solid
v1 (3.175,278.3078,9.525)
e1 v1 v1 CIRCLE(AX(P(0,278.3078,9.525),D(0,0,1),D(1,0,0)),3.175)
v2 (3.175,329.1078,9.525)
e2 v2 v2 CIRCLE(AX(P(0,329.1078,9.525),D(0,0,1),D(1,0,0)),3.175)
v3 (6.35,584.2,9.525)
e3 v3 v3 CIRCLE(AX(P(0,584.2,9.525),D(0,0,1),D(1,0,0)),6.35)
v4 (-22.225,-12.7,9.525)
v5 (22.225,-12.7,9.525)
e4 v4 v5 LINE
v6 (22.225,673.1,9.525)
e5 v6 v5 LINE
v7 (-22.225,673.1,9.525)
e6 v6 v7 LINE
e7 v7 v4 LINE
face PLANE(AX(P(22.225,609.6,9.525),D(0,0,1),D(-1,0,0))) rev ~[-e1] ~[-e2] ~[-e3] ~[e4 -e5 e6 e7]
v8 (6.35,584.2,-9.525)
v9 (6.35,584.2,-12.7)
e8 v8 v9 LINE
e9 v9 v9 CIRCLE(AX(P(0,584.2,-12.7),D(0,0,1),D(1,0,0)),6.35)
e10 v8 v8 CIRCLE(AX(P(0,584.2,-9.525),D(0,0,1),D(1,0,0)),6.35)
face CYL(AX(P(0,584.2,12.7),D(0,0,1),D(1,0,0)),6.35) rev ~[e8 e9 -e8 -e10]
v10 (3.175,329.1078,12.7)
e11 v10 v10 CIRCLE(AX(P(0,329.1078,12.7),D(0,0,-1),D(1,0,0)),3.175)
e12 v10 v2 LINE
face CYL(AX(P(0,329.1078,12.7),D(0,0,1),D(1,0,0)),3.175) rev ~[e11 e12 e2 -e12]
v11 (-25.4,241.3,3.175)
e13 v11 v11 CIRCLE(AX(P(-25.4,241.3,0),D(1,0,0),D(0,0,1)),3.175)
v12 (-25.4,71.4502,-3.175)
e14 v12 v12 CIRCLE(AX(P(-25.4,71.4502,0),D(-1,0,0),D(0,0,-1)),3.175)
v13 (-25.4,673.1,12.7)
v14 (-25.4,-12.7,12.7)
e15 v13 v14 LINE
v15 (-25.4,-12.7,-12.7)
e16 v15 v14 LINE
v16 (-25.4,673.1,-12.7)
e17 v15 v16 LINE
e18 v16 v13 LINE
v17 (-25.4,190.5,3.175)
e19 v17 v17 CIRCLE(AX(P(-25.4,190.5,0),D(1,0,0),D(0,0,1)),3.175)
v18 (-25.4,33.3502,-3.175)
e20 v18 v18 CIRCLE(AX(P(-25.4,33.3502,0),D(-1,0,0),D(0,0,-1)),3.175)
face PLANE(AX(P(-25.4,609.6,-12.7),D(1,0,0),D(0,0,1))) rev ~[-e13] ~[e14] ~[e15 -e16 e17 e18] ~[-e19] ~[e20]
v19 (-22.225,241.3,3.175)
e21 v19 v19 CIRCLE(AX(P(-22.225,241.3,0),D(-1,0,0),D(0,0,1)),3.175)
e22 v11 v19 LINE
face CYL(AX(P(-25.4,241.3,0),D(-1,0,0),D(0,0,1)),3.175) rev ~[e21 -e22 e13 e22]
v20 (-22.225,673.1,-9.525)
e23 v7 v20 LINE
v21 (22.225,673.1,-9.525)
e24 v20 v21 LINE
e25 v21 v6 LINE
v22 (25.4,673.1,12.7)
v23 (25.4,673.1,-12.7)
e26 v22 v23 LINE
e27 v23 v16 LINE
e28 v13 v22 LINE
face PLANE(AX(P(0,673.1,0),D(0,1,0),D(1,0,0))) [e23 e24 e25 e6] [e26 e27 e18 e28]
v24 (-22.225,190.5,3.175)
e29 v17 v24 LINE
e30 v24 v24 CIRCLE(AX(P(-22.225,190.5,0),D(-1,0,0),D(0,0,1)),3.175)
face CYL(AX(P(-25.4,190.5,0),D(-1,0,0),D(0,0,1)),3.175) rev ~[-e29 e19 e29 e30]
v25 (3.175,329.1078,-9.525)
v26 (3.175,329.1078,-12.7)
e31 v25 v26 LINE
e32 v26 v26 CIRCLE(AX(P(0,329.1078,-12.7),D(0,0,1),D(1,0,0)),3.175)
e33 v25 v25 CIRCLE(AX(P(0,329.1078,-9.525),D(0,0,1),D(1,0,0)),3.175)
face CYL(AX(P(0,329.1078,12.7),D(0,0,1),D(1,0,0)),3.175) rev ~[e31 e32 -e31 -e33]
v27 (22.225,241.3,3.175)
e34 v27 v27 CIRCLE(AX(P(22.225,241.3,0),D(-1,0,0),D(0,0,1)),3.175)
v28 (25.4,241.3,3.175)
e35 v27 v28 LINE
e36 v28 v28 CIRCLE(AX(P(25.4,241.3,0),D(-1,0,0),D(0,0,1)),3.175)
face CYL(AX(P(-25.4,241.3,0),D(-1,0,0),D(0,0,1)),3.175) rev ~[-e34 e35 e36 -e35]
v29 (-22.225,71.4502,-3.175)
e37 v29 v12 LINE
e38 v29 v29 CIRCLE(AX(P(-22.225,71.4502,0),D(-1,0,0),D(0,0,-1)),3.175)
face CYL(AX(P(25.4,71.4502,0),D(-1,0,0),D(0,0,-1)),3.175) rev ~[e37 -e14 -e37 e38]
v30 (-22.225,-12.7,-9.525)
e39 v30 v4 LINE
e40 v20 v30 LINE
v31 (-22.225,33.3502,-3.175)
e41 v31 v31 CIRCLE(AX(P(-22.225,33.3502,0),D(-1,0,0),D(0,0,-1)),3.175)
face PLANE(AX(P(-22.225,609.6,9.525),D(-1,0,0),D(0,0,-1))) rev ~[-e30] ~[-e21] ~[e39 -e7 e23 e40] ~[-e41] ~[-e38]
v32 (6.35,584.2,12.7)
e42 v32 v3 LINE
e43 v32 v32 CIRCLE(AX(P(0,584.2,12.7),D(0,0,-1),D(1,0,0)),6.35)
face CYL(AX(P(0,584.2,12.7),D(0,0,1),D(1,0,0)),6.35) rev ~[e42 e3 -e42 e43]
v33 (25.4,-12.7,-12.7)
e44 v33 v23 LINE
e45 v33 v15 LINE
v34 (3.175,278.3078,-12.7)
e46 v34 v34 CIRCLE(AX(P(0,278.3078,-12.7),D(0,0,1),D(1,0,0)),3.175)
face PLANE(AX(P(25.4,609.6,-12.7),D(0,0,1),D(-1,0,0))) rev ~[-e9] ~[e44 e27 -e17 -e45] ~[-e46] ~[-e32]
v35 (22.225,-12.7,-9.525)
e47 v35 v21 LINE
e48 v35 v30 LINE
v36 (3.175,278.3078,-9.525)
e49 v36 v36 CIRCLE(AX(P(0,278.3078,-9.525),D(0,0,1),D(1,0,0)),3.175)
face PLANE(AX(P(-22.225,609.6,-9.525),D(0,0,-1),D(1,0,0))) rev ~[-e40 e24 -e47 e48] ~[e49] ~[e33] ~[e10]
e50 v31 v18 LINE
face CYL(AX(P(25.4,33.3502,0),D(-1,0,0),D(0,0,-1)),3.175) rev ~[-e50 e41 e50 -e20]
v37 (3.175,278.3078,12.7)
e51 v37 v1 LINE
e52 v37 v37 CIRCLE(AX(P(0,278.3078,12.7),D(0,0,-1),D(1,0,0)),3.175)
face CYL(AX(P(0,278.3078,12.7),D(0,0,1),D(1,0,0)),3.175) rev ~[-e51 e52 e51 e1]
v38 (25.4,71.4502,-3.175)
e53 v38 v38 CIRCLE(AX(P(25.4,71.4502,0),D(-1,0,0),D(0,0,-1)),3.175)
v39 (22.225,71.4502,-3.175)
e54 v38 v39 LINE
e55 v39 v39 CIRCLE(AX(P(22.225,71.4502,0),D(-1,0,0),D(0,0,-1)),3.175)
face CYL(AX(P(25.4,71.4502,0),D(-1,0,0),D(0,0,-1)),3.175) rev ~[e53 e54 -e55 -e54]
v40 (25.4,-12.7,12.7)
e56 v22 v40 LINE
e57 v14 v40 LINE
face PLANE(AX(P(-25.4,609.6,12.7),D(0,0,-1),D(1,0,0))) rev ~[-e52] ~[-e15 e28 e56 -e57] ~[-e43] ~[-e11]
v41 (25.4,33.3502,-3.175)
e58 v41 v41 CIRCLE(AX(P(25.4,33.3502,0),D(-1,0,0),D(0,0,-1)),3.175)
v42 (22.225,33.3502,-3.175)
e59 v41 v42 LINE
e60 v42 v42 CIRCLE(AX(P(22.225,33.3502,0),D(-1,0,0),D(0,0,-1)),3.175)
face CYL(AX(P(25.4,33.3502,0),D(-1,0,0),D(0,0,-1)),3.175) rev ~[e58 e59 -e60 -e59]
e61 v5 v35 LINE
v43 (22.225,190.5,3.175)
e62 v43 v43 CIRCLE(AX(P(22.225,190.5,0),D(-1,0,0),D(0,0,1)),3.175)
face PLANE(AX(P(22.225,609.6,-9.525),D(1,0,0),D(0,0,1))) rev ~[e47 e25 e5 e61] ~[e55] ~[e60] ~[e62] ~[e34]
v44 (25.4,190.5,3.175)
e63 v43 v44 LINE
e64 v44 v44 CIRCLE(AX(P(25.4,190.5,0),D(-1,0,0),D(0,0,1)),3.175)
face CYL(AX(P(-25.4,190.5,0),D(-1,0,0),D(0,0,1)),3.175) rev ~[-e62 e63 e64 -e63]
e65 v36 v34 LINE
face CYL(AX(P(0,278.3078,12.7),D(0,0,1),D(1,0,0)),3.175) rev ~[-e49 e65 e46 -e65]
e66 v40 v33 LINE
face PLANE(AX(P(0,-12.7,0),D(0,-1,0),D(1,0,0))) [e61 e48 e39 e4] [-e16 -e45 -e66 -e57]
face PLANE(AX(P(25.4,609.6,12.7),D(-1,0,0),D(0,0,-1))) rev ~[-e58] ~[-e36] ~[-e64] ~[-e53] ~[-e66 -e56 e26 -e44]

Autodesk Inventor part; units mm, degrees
ref_plane "YZ Plane" through (0, 0, 0) normal (1, 0, 0) x (0, 1, 0)
ref_plane "XZ Plane" through (0, 0, 0) normal (0, 1, 0) x (-1, 0, 0)
ref_plane "XY Plane" through (0, 0, 0) normal (0, 0, 1) x (1, 0, 0)
sketch "Sketch1" plane through (0, 0, 0) normal (0, 1, 0) x (-1, 0, 0)
  line L0 (-25.4, -12.7) -> (25.4, -12.7)
  line L1 (25.4, -12.7) -> (25.4, 12.7)
  line L2 (25.4, 12.7) -> (-25.4, 12.7)
  line L3 (-25.4, 12.7) -> (-25.4, -12.7)
  line L4 (-25.4, -12.7) -> (25.4, 12.7) construction
  line L5 (25.4, -12.7) -> (-25.4, 12.7) construction
  line L6 (22.225, -9.525) -> (-22.225, -9.525)
  line L7 (-22.225, -9.525) -> (-22.225, 9.525)
  line L8 (-22.225, 9.525) -> (22.225, 9.525)
  line L9 (22.225, 9.525) -> (22.225, -9.525)
  line L10 (22.225, -9.525) -> (-22.225, 9.525) construction
  line L11 (-22.225, -9.525) -> (22.225, 9.525) construction
  point P0 (0, 0)
  dimension "d0" = 50.8
  dimension "d1" = 25.4
  dimension "d2" = 44.45
  dimension "d3" = 19.05
extrude "Extrusion1" add sketch "Sketch1" along normal blind 609.6
sketch "Sketch2" plane through (-25.4, 0, 12.7) normal (0, 0, 1) x (1, 0, 0)
  line L0 (0, 609.6) -> (25.4, 609.6)
  line L1 (25.4, 609.6) -> (25.4, 584.2)
  line L2 (25.4, 584.2) -> (0, 584.2)
  line L3 (0, 584.2) -> (0, 609.6)
  circle A0 centre (25.4, 584.2) radius 6.35
  point P0 (25.4, 0)
  dimension "d6" = 25.4
  dimension "d7" = 25.4
  dimension "d8" = 12.7
extrude "Extrusion2" cut sketch "Sketch2" against normal blind 609.6 contours A0 L2 L1 | L1 L2 A0
sketch "Sketch4" plane through (0, 0, 0) normal (0, -1, 0) x (1, 0, 0)
  line L0 (22.225, 9.525) -> (22.225, -9.525) projected
  line L1 (22.225, -9.525) -> (-22.225, -9.525) projected
  line L2 (-22.225, -9.525) -> (-22.225, 9.525) projected
  line L3 (-22.225, 9.525) -> (22.225, 9.525) projected
  line L4 (25.4, -12.7) -> (-25.4, -12.7) projected
  line L5 (25.4, 12.7) -> (25.4, -12.7) projected
  line L6 (-25.4, 12.7) -> (25.4, 12.7) projected
  line L7 (-25.4, -12.7) -> (-25.4, 12.7) projected
  point P0 (0, 0)
extrude "Extrusion4" add sketch "Sketch4" along normal blind 12.7
sketch "Sketch6" plane through (0, 609.6, 0) normal (0, 1, 0) x (1, 0, 0)
  line L0 (22.225, 9.525) -> (22.225, -9.525) projected
  line L1 (22.225, -9.525) -> (-22.225, -9.525) projected
  line L2 (-22.225, -9.525) -> (-22.225, 9.525) projected
  line L3 (-22.225, 9.525) -> (22.225, 9.525) projected
  line L4 (25.4, 12.7) -> (-25.4, 12.7) projected
  line L5 (-25.4, 12.7) -> (-25.4, -12.7) projected
  line L6 (-25.4, -12.7) -> (25.4, -12.7) projected
  line L7 (25.4, -12.7) -> (25.4, 12.7) projected
  point P0 (0, 0)
extrude "Extrusion6" add sketch "Sketch6" along normal blind 63.5
sketch "Sketch8" plane through (-25.4, -12.7, 12.7) normal (0, 0, 1) x (1, 0, 0)
  line L0 (50.8, 0) -> (50.8, 685.8) projected
  line L1 (0, 685.8) -> (50.8, 685.8) projected
  line L2 (25.4, 685.8) -> (25.4, 341.8078)
  line L3 (25.4, 685.8) -> (369.3922, 685.8) construction
  line L4 (25.4, 341.8078) -> (25.4, 291.0078)
  circle A0 centre (25.4, 291.0078) radius 3.175
  circle A1 centre (25.4, 341.8078) radius 3.175
  point P0 (25.4, 12.7)
  dimension "d49" = 343.9922
  dimension "d50" = 90
  dimension "d51" = 50.8
  dimension "d52" = 180
  dimension "d53" = 6.35
  dimension "d54" = 6.35
extrude "Extrusion9" cut sketch "Sketch8" against normal blind 50.8
sketch "Sketch9" plane through (25.4, -12.7, 12.7) normal (1, 0, 0) x (0, 0, -1)
  line L0 (25.4, 0) -> (0, 0) projected
  line L1 (12.7, 0) -> (12.7, 84.1502)
  line L2 (12.7, 84.1502) -> (12.7, 46.0502)
  line L3 (12.7, 84.1502) -> (50.8, 84.1502) construction
  point P0 (12.7, 12.7)
  dimension "d57" = 84.1502
  dimension "d58" = 38.1
  dimension "d59" = 90
hole "Hole1" at (25.4, 71.4502, 0) at (25.4, 33.3502, 0) direction (-1, 0, 0) diameter 6.35 end through all
sketch "Sketch10" plane through (-25.4, -12.7, -12.7) normal (-1, 0, 0) x (0, 0, 1)
  line L0 (25.4, 0) -> (25.4, 685.8) projected
  line L1 (0, 685.8) -> (25.4, 685.8) projected
  line L2 (12.7, 685.8) -> (12.7, 254)
  line L3 (12.7, 254) -> (12.7, 203.2)
  circle A0 centre (12.7, 254) radius 3.175
  circle A1 centre (12.7, 203.2) radius 3.175
  point P0 (12.7, 12.7)
  dimension "d67" = 431.8
  dimension "d68" = 50.8
  dimension "d69" = 180
  dimension "d70" = 6.35
  dimension "d71" = 6.35
extrude "Extrusion10" cut sketch "Sketch10" against normal blind 50.8
properties part number "SuperSuperStructure"
